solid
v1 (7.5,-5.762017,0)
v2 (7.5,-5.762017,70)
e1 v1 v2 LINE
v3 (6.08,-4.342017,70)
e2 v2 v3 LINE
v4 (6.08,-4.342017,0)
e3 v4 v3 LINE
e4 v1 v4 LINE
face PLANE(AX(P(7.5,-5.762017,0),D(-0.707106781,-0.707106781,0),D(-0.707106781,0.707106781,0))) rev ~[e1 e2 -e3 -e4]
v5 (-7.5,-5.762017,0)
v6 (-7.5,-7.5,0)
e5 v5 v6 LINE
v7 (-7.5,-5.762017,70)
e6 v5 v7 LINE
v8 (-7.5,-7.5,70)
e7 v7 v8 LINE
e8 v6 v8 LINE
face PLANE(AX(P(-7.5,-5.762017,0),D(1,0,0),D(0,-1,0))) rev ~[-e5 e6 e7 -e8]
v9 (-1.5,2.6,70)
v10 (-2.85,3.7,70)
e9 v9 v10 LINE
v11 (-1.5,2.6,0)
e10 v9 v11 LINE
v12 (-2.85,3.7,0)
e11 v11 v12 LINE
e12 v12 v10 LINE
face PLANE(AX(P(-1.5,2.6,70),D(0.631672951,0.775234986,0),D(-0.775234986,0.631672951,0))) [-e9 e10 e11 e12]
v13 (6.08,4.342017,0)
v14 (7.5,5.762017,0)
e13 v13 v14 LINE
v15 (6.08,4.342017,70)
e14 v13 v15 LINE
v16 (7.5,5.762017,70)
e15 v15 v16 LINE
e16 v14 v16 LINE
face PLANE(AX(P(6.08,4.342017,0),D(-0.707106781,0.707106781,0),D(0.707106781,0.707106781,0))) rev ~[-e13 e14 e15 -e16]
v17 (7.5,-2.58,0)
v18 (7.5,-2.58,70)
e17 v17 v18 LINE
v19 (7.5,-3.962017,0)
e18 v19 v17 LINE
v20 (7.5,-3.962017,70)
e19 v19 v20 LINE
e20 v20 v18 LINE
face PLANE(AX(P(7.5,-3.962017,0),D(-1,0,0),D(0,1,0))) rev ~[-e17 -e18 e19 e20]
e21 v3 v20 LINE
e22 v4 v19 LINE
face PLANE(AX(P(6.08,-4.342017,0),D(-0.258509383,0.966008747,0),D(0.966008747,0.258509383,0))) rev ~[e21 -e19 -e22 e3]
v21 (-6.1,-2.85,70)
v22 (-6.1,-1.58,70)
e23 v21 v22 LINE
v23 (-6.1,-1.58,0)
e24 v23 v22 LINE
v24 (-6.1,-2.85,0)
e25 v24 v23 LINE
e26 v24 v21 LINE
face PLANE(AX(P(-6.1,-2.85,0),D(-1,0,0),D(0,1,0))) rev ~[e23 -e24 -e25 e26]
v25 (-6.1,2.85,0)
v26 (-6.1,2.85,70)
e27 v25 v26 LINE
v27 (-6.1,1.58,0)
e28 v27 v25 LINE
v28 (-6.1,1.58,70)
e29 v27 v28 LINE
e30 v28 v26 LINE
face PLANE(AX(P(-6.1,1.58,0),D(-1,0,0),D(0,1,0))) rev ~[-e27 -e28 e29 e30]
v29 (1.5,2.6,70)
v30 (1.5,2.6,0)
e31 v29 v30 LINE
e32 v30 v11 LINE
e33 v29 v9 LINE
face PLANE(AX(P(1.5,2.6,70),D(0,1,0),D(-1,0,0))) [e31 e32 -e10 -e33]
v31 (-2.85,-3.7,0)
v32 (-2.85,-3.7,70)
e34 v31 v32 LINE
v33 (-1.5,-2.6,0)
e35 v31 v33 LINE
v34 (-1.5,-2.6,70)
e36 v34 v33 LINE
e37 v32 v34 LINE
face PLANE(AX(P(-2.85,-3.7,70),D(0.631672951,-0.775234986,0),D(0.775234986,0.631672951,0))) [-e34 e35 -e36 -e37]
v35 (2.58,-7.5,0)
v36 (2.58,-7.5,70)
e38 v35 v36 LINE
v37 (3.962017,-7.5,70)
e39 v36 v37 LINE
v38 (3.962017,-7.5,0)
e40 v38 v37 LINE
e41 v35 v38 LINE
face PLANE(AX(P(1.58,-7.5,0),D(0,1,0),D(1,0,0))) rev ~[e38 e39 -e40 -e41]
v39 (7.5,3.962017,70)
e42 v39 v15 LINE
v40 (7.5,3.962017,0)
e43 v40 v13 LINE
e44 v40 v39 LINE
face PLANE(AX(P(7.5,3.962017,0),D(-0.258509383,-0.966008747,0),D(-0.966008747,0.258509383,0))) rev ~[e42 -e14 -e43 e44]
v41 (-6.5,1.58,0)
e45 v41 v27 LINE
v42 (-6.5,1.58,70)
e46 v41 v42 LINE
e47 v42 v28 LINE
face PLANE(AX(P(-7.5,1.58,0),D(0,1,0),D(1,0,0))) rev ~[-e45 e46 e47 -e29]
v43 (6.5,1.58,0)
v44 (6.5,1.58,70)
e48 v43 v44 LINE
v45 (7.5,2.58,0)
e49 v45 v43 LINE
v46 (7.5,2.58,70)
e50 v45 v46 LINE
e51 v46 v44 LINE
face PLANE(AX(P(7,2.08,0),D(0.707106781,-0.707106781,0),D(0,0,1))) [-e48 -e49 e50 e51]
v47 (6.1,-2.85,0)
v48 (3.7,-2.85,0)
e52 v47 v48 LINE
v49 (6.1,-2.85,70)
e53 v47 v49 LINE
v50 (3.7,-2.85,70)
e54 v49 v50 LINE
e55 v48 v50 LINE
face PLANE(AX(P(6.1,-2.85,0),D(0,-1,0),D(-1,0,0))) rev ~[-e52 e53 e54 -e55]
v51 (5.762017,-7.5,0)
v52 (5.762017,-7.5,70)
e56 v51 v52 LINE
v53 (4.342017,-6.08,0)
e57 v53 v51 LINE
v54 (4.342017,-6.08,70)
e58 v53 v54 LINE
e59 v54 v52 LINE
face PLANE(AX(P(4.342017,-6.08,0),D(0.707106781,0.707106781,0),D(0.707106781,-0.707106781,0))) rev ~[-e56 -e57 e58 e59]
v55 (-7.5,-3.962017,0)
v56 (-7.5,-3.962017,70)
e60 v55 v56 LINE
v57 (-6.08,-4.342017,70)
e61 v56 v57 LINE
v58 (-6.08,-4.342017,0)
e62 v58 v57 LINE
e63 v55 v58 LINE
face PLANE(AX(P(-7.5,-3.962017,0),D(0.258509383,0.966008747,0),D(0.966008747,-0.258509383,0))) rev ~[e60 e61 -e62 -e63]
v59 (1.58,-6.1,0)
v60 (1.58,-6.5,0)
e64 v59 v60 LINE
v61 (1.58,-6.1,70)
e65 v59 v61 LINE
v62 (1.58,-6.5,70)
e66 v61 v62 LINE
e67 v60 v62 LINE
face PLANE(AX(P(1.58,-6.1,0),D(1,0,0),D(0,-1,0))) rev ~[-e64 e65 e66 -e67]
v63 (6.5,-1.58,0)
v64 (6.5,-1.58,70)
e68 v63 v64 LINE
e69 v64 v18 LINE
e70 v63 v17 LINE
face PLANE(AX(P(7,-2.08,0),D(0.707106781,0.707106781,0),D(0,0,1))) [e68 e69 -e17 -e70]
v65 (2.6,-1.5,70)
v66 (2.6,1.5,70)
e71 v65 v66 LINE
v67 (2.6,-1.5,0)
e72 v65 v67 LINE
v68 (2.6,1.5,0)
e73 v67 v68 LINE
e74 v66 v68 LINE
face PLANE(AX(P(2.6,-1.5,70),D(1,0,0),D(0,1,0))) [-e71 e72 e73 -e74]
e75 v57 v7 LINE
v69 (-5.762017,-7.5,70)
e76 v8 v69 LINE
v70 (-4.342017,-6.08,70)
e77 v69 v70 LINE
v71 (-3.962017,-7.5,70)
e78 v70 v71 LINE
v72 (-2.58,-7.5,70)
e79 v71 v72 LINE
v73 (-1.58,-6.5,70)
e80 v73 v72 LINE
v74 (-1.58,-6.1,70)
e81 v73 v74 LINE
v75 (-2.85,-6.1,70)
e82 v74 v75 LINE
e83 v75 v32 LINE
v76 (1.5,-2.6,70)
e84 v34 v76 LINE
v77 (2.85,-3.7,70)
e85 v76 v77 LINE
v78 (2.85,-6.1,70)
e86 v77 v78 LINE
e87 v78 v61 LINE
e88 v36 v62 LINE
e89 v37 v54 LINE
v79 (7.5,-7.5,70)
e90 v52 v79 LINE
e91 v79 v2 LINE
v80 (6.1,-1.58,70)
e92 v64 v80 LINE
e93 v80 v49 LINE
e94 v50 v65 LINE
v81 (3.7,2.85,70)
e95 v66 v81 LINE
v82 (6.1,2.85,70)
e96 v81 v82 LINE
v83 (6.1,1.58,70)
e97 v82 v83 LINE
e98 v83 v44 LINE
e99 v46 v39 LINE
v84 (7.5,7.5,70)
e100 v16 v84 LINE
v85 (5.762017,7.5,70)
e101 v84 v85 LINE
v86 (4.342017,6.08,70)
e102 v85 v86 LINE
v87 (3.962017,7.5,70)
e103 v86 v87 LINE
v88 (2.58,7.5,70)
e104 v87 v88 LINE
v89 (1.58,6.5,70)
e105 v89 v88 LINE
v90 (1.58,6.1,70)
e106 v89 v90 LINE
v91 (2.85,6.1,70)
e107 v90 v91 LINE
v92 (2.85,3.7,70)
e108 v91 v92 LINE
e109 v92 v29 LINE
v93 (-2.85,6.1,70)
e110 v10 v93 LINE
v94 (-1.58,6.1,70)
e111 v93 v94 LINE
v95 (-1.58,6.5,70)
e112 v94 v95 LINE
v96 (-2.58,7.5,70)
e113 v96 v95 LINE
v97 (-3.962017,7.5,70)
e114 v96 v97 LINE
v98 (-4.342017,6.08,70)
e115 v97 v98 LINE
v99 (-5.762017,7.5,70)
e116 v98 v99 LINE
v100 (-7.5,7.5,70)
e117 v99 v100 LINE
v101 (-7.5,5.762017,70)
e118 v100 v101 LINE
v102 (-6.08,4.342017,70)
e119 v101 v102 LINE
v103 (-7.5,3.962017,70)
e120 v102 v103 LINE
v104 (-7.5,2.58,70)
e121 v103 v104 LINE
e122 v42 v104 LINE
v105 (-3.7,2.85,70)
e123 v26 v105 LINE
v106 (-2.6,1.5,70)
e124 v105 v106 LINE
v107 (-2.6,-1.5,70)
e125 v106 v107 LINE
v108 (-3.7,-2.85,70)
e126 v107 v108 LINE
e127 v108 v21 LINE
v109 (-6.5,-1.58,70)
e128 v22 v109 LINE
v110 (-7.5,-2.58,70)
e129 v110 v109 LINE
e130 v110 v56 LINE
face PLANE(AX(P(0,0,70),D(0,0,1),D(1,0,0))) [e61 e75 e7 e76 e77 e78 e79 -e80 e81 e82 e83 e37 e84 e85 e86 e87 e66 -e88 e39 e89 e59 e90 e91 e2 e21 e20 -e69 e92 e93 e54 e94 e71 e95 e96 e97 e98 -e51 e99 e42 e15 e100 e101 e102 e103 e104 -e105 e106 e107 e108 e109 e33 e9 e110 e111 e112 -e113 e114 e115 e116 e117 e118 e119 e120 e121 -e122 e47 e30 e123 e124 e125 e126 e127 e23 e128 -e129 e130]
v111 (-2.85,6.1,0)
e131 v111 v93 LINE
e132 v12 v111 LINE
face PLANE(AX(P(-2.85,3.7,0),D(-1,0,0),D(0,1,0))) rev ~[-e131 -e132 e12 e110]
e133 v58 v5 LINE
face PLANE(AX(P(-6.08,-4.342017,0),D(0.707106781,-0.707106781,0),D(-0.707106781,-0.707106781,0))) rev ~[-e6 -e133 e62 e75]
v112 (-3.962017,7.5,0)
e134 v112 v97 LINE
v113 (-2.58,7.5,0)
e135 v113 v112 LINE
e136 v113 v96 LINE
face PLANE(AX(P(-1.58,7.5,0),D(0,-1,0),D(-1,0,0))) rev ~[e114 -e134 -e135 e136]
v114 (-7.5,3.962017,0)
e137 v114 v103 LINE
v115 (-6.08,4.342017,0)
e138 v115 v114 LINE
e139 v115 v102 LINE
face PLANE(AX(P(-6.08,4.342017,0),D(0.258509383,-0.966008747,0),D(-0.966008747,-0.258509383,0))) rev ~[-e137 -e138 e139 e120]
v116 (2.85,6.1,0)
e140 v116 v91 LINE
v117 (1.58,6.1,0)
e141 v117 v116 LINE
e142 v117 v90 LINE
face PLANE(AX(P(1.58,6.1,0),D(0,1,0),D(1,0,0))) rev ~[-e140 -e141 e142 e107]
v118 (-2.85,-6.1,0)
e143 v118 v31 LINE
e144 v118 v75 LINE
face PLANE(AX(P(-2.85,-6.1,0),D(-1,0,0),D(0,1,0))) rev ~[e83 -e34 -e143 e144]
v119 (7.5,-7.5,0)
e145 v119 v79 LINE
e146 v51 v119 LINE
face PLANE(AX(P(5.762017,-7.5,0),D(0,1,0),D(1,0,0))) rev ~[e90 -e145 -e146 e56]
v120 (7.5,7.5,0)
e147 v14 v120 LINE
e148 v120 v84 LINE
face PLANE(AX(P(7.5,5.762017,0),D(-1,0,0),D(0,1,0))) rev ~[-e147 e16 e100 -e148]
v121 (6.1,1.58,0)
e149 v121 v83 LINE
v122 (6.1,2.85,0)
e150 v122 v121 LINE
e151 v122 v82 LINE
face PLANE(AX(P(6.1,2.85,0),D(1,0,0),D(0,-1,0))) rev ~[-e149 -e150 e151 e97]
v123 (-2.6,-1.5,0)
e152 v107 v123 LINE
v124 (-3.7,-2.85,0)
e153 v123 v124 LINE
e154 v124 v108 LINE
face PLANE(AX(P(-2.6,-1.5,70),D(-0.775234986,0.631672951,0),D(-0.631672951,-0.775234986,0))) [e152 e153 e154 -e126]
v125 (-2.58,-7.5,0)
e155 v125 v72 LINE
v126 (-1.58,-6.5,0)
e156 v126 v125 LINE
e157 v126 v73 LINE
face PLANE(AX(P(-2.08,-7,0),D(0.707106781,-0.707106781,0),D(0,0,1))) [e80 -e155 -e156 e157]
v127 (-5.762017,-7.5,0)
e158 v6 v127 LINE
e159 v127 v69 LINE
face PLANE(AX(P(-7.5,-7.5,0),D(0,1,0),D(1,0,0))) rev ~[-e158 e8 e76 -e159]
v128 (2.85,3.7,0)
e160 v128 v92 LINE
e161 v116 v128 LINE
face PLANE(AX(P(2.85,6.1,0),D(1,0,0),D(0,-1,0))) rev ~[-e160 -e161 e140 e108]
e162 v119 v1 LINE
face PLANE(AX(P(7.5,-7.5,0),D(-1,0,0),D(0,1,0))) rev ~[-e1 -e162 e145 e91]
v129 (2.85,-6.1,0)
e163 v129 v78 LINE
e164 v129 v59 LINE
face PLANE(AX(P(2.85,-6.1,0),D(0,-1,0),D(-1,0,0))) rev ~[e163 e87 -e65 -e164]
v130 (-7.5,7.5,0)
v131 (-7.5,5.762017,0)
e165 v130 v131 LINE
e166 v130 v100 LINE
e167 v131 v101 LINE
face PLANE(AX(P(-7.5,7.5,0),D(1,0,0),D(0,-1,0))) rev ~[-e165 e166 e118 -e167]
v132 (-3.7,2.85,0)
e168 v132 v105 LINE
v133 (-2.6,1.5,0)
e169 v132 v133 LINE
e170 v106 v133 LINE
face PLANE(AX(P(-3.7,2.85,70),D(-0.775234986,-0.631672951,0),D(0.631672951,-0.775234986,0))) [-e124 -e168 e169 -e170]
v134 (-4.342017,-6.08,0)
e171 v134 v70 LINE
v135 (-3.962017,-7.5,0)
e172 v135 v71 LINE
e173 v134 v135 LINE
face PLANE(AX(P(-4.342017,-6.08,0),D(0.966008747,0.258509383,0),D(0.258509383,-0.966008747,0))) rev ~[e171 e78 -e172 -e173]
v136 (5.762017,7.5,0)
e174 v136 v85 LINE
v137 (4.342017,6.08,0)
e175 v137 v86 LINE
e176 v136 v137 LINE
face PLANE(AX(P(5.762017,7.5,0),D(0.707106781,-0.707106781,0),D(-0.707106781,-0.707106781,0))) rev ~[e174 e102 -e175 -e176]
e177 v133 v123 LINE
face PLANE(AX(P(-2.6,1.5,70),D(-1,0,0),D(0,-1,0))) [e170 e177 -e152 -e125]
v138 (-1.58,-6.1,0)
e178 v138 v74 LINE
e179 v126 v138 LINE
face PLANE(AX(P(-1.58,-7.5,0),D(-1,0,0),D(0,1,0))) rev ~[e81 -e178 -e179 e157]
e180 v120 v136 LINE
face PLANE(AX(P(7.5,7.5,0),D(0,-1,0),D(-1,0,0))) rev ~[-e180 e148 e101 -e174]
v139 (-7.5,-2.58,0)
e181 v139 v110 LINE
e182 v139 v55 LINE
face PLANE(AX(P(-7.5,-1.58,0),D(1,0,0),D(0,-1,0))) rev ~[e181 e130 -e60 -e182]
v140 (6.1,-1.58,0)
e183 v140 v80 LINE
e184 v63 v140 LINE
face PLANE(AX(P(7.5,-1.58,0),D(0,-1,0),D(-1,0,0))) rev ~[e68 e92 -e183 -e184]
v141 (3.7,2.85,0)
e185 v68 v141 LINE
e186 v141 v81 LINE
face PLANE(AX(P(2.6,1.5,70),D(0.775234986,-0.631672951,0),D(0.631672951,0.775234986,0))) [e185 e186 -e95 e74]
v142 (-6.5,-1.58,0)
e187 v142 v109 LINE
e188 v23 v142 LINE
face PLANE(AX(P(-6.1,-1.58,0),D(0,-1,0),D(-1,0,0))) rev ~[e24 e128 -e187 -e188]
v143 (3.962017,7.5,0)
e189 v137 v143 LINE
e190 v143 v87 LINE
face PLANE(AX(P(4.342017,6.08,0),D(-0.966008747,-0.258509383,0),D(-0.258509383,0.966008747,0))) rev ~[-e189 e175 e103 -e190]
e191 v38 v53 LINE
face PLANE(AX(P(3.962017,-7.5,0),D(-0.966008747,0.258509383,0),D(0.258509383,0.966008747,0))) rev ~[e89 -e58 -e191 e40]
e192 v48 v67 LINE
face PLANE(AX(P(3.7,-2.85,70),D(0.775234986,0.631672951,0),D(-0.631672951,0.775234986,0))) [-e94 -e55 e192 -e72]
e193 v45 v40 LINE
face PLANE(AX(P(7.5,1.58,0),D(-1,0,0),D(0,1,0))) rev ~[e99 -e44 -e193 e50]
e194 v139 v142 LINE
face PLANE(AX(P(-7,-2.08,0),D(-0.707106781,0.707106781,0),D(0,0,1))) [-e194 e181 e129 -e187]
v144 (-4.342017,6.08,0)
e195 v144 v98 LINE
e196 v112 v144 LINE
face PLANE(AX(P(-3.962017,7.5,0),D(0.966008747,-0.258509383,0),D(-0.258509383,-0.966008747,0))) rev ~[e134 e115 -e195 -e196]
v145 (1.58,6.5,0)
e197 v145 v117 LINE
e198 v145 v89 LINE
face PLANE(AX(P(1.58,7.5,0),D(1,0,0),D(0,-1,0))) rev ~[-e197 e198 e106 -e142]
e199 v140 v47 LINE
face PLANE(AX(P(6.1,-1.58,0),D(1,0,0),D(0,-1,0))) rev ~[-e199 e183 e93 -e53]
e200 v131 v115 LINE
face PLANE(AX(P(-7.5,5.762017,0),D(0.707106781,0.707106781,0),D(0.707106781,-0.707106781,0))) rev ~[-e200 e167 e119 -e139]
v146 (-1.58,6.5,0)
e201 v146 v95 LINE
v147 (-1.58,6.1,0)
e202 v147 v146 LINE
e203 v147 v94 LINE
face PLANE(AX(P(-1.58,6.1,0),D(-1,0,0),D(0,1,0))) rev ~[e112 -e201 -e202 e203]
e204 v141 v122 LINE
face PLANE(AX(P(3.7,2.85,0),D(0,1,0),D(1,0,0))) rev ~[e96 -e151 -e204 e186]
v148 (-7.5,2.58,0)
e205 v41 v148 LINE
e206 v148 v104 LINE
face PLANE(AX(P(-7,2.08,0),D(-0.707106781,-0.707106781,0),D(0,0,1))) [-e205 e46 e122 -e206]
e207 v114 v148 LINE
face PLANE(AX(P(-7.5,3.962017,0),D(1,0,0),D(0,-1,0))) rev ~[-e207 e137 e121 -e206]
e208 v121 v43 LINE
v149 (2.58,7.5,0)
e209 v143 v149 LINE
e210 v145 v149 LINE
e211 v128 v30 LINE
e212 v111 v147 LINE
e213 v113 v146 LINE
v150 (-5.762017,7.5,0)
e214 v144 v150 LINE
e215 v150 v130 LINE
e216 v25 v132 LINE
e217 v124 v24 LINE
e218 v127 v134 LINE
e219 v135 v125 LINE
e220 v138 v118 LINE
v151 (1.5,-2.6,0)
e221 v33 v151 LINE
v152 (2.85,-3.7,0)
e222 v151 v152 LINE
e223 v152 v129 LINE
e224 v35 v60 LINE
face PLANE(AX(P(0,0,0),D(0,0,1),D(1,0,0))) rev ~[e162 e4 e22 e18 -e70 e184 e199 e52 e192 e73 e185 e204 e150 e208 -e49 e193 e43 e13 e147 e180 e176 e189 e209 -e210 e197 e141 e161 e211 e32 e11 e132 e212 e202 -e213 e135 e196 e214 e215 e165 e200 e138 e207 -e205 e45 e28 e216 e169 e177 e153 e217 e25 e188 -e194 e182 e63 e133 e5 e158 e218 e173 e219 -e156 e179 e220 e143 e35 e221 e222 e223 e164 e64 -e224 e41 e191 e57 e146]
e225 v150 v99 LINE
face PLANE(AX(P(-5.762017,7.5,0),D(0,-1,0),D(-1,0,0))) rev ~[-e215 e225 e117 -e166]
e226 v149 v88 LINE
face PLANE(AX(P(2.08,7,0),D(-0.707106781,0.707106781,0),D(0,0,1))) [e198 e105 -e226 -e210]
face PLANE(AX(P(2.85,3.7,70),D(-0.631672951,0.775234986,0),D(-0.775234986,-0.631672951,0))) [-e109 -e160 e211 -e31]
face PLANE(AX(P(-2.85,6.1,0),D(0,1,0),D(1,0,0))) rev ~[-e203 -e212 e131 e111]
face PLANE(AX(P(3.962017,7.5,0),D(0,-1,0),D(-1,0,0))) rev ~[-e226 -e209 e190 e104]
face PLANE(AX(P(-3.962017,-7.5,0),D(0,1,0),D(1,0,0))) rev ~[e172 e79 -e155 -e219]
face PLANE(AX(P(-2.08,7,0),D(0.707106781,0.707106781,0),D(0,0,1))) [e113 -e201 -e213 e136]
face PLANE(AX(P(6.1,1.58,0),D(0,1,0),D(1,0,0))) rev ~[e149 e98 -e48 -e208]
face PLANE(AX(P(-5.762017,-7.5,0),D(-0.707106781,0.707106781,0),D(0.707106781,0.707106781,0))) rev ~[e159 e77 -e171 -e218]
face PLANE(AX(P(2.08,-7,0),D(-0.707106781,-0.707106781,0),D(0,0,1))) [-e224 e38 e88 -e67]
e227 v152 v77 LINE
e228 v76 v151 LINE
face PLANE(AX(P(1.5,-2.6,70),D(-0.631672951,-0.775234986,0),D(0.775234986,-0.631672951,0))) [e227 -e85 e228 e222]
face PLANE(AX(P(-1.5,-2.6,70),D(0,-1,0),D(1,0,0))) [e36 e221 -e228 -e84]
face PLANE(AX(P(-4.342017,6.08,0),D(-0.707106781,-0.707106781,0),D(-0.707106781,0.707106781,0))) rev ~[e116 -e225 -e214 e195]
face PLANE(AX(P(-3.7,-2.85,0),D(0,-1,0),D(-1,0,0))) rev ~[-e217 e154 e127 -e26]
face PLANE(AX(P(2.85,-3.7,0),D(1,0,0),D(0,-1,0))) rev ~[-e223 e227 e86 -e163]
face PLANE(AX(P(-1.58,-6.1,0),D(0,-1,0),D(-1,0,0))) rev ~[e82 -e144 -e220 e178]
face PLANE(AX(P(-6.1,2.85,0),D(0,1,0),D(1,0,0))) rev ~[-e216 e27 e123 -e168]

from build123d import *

# Parameters (mm, degrees)
EXTRUDE_1_DEPTH     = 70
CUT_EXTRUDE_1_DEPTH = 71.799011293
CHAMFER_1_SIZE      = 1


with BuildPart() as part:
    # Эскиз1 → Бобышка-Вытянуть1 (new body)
    with BuildSketch(Plane.XY):
        Polygon((1.58, 7.5), (1.58, 6.1), (2.85, 6.1), (2.85, 3.7), (-2.85, 3.7), (-2.85, 6.1), (-1.58, 6.1), (-1.58, 7.5), (-3.962017091, 7.5), (-4.342017091, 6.08), (-5.762017091, 7.5), (-7.5, 7.5), (-7.5, 5.762017091), (-6.08, 4.342017091), (-7.5, 3.962017091), (-7.5, 1.58), (-6.1, 1.58), (-6.1, 2.85), (-3.7, 2.85), (-3.7, -2.85), (-6.1, -2.85), (-6.1, -1.58), (-7.5, -1.58), (-7.5, -3.962017091), (-6.08, -4.342017091), (-7.5, -5.762017091), (-7.5, -7.5), (-5.762017091, -7.5), (-4.342017091, -6.08), (-3.962017091, -7.5), (-1.58, -7.5), (-1.58, -6.1), (-2.85, -6.1), (-2.85, -3.7), (2.85, -3.7), (2.85, -6.1), (1.58, -6.1), (1.58, -7.5), (3.962017091, -7.5), (4.342017091, -6.08), (5.762017091, -7.5), (7.5, -7.5), (7.5, -5.762017091), (6.08, -4.342017091), (7.5, -3.962017091), (7.5, -1.58), (6.1, -1.58), (6.1, -2.85), (3.7, -2.85), (3.7, 2.85), (6.1, 2.85), (6.1, 1.58), (7.5, 1.58), (7.5, 3.962017091), (6.08, 4.342017091), (7.5, 5.762017091), (7.5, 7.5), (5.762017091, 7.5), (4.342017091, 6.08), (3.962017091, 7.5), align=None)
    extrude(amount=EXTRUDE_1_DEPTH)

    # Эскиз2 → Вырез-Вытянуть1 (cut, through all)
    with BuildSketch(Plane.XY.offset(70)):
        Polygon((-3.7, 2.85), (-2.6, 1.5), (-2.6, -1.5), (-3.7, -2.85), align=None)
        Polygon((2.85, 3.7), (1.5, 2.6), (-1.5, 2.6), (-2.85, 3.7), align=None)
        Polygon((3.7, -2.85), (2.6, -1.5), (2.6, 1.5), (3.7, 2.85), align=None)
        Polygon((-2.85, -3.7), (-1.5, -2.6), (1.5, -2.6), (2.85, -3.7), align=None)
    extrude(amount=-CUT_EXTRUDE_1_DEPTH, mode=Mode.SUBTRACT)

    # Фаска1
    chamfer_1_edges = [part.edges().sort_by_distance(p)[0] for p in [
        (-7.5, -1.58, 35),
        (-7.5, 1.58, 35),
        (-1.58, 7.5, 35),
        (1.58, 7.5, 35),
        (7.5, 1.58, 35),
        (7.5, -1.58, 35),
        (1.58, -7.5, 35),
        (-1.58, -7.5, 35),
    ]]
    chamfer(chamfer_1_edges, length=CHAMFER_1_SIZE)


solid = part.part
